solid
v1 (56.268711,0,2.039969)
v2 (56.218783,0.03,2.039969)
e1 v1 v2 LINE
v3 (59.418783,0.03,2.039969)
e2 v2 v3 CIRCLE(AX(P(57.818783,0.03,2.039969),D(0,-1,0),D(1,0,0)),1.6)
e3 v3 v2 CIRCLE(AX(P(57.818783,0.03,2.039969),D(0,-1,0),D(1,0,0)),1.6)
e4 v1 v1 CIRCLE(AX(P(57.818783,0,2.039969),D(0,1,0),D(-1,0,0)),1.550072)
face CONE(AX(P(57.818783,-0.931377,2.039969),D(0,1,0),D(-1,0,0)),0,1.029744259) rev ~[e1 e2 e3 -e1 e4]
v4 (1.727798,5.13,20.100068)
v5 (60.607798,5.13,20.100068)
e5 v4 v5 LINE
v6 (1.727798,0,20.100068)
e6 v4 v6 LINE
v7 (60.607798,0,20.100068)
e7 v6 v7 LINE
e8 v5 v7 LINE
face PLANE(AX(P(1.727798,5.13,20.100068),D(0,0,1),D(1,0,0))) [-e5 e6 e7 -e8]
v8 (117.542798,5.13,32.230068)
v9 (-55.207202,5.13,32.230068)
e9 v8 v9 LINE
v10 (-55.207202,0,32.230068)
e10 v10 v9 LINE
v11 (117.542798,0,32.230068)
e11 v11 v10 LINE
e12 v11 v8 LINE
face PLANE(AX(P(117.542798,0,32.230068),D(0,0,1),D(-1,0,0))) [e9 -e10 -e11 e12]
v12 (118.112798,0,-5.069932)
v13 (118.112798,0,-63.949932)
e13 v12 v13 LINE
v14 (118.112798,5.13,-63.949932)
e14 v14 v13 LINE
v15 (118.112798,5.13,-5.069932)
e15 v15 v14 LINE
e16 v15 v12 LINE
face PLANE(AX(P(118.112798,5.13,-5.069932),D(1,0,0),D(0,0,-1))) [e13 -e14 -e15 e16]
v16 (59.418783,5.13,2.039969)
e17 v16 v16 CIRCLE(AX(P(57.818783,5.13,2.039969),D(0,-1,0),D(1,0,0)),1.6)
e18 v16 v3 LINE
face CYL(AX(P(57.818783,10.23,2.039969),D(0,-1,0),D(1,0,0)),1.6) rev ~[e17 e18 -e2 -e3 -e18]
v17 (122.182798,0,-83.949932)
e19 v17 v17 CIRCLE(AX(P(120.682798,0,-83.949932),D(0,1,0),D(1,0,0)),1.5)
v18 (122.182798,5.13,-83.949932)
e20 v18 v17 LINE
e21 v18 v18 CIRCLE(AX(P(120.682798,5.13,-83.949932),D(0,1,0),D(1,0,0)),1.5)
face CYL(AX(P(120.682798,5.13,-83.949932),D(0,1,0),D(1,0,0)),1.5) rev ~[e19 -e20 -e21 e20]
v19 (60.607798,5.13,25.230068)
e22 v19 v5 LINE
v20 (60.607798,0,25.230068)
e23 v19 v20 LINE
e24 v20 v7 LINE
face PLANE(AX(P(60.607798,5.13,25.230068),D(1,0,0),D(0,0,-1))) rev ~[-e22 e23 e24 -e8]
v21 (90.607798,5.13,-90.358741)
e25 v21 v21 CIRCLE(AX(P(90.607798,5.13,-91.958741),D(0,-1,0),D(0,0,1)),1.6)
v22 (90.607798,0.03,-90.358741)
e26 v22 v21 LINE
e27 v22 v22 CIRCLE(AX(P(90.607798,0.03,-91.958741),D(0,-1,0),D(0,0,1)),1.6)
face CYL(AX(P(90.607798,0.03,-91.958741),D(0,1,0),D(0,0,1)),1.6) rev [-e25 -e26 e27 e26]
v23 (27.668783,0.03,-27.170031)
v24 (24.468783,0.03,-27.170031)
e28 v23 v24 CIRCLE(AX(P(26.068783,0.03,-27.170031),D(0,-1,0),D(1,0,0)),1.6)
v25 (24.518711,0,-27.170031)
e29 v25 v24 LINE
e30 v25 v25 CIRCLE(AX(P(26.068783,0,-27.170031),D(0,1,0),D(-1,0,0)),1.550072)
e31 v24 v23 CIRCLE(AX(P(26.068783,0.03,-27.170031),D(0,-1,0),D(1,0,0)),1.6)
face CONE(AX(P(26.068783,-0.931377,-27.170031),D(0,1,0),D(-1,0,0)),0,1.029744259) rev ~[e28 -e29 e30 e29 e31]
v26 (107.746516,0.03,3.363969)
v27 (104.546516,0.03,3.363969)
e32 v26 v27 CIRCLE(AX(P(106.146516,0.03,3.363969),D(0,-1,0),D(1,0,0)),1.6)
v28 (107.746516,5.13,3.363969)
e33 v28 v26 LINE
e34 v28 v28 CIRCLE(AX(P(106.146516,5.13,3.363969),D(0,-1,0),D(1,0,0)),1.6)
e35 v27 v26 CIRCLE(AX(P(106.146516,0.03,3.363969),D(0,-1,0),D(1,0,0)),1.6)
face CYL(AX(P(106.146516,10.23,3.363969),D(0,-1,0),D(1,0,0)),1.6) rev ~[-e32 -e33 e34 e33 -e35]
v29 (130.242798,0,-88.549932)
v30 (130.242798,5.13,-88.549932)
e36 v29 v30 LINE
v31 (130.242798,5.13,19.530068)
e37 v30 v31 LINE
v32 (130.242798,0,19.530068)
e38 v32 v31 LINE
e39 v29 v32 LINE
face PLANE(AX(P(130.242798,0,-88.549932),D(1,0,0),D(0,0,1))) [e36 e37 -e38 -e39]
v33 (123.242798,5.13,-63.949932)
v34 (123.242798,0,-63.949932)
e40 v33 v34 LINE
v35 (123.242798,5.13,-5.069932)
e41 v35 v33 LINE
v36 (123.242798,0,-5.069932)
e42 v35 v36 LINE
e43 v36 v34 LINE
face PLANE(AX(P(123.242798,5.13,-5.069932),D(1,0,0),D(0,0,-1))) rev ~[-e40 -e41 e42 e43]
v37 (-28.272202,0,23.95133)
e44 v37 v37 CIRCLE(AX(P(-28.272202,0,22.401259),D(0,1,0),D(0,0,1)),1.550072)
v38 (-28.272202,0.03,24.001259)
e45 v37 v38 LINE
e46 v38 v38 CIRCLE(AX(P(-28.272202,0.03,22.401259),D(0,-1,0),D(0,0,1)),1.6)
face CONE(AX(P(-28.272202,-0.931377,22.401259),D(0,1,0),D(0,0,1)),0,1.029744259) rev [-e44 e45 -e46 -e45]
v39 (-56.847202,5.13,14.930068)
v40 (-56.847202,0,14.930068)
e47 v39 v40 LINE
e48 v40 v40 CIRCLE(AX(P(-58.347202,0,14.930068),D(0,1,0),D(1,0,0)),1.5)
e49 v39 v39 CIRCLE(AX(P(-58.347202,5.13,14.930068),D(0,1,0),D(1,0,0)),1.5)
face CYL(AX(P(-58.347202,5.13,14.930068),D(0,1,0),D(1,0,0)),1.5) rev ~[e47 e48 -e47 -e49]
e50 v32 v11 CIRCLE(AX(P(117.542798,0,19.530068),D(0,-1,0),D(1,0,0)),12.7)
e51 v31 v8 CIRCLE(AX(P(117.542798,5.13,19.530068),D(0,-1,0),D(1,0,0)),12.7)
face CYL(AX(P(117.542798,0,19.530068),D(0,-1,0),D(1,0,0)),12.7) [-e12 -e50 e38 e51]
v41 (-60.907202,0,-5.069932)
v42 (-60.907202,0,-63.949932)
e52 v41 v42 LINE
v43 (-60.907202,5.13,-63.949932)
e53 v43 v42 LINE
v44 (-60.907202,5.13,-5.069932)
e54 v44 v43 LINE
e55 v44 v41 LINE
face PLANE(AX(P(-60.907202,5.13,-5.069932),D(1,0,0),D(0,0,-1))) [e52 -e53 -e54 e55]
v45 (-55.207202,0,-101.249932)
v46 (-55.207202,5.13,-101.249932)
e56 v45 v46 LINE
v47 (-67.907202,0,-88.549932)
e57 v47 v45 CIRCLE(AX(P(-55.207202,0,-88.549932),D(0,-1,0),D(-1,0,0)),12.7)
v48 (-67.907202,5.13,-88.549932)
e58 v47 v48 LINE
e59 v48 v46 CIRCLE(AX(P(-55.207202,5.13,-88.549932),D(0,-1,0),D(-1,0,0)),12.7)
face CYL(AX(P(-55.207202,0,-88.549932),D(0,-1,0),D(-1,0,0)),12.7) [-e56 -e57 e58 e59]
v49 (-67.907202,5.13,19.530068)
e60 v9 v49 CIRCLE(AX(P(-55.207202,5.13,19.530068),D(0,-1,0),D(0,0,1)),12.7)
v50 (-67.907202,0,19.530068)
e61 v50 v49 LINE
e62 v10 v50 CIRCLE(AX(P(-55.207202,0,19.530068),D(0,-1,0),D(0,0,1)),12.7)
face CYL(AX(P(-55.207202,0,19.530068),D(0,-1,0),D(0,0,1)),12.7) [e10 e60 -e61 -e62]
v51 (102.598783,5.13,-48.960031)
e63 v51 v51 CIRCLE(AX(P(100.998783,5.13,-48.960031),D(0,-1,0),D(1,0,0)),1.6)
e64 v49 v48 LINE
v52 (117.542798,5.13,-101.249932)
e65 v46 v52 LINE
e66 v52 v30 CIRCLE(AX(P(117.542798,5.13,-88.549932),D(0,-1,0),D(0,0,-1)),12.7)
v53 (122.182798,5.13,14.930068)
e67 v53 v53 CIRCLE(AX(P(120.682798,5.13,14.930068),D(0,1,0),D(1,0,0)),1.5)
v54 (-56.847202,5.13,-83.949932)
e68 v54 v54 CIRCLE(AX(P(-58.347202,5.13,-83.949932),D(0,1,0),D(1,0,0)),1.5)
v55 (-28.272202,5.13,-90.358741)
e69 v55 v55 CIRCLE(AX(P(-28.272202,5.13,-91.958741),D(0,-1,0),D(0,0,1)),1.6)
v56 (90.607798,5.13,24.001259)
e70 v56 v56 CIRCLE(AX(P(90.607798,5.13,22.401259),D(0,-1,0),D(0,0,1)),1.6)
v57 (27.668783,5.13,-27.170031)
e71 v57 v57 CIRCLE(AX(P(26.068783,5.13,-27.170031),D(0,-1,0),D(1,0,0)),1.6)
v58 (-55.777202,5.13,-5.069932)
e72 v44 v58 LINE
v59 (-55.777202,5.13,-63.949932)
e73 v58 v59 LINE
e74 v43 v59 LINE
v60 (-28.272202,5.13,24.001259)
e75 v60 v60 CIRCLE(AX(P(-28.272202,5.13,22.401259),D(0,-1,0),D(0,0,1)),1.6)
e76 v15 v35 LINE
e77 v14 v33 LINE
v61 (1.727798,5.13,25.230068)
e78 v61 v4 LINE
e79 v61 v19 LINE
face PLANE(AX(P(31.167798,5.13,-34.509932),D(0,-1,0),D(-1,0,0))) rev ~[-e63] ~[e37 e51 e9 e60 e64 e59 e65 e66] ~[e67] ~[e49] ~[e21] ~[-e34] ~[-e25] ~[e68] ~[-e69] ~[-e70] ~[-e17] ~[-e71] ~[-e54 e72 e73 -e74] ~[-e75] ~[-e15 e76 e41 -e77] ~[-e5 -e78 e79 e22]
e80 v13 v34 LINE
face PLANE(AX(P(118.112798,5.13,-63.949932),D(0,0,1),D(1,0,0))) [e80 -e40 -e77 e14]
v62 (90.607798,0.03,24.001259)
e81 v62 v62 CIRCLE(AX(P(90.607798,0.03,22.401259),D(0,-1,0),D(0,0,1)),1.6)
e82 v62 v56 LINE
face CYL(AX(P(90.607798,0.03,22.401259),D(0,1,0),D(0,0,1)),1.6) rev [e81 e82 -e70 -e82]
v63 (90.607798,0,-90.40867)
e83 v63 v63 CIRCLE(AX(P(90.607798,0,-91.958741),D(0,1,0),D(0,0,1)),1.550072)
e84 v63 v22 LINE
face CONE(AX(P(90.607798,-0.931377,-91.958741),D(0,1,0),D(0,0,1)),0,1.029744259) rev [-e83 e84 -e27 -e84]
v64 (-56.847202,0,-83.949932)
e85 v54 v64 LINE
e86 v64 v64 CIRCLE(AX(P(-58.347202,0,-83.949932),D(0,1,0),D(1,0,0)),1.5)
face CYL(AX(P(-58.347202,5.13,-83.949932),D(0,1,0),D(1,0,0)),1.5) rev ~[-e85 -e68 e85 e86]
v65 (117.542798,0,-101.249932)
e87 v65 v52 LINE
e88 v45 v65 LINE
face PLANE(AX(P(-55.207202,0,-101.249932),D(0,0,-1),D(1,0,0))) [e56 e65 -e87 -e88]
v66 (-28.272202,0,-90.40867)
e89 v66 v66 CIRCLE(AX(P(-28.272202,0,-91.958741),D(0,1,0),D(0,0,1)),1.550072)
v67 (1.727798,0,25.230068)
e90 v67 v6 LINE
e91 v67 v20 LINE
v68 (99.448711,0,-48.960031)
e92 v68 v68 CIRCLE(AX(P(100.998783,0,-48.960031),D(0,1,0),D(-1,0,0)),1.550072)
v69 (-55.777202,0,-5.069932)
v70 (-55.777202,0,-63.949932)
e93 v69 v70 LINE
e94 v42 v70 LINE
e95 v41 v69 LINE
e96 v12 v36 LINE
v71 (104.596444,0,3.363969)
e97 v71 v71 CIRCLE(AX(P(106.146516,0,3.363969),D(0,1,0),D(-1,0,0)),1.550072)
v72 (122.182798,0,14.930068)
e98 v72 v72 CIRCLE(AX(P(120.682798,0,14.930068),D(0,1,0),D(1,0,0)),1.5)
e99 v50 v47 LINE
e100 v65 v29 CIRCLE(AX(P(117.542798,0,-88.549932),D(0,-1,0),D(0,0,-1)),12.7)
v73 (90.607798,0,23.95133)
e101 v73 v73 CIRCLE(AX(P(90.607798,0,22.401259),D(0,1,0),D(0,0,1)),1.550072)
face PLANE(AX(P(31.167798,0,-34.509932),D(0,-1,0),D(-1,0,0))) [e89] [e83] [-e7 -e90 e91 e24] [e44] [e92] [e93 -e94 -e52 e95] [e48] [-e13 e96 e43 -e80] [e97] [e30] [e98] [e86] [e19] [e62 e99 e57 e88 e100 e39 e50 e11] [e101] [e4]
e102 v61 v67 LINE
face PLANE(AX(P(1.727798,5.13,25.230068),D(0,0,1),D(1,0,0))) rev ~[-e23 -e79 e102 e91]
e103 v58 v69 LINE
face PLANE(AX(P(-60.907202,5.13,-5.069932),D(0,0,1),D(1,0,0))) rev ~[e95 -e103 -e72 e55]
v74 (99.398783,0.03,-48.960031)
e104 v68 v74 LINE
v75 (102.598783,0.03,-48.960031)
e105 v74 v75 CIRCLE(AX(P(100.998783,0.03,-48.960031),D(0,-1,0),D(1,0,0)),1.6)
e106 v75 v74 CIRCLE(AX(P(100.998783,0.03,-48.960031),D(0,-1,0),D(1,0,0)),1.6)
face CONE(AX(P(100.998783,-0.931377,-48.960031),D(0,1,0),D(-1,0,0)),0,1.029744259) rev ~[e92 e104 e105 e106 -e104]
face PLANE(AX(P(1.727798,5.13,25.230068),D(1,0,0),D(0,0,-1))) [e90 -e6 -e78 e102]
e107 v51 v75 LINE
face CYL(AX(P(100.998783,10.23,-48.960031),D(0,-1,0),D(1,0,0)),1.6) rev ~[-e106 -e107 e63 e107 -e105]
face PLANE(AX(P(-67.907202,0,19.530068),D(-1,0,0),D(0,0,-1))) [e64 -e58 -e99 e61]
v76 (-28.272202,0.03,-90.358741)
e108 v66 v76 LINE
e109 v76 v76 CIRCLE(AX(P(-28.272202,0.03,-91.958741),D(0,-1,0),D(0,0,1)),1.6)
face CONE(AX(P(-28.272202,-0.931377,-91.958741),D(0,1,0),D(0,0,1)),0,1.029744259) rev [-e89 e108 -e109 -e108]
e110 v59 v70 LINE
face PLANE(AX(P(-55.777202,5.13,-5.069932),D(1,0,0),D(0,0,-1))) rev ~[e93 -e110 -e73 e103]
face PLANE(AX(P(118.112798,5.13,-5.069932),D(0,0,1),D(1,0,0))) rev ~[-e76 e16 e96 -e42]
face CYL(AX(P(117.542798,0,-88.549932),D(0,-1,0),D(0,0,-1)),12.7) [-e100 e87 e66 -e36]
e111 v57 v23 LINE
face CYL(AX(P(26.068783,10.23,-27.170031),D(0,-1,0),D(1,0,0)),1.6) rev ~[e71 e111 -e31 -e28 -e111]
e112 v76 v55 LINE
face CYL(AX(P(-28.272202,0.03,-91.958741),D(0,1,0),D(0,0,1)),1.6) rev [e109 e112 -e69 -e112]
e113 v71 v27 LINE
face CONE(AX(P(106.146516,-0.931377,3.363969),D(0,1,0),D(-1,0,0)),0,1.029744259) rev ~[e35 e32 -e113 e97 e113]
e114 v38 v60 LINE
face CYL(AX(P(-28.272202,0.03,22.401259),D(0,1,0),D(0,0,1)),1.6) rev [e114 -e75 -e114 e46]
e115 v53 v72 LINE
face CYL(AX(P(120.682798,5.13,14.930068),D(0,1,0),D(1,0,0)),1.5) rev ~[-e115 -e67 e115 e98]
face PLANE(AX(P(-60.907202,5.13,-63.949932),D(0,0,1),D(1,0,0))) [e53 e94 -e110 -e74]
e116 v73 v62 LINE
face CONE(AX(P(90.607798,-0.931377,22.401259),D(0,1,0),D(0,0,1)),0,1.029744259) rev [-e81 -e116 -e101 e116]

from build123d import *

# Parameters (mm, degrees)
MAIN_DEPTH               = 5.13
SKETCH2_R                = 1.5
SKETCH2_W                = 5.13
SKETCH2_H                = 58.88
CUT_EXTRUDE1_DEPTH       = 5.13
TOOTH_SLOT_REACH         = 7.13
SKETCH3_W                = 58.88
SKETCH3_H                = 5.13
LPATTERN1_COUNT          = 2
LPATTERN1_PITCH          = 118.88
LPATTERN1_COUNT_DIR2     = 2
LPATTERN1_PITCH_DIR2     = 114.36
M3_CLEARANCE_HOLE4_D     = 3.2
M3_CLEARANCE_HOLE4_DEPTH = 5.1
M3_CLEARANCE_HOLE4_TIP   = 0.96137699


with BuildPart() as part:
    # Sketch1 → Main (new body)
    with BuildSketch(Plane(origin=(0, 0, 0), x_dir=(1, 0, 0), z_dir=(0, 1, 0))):
        with BuildLine():
            Line((-55.207201859, 101.249932113), (117.542798141, 101.249932113))
            ThreePointArc((117.542798141, 101.249932113), (126.523054262, 97.530188234), (130.242798141, 88.549932113))
            Line((130.242798141, 88.549932113), (130.242798141, -19.530067887))
            ThreePointArc((130.242798141, -19.530067887), (126.523054262, -28.510324008), (117.542798141, -32.230067887))
            Line((117.542798141, -32.230067887), (-55.207201859, -32.230067887))
            ThreePointArc((-55.207201859, -32.230067887), (-64.18745798, -28.510324008), (-67.907201859, -19.530067887))
            Line((-67.907201859, -19.530067887), (-67.907201859, 88.549932113))
            ThreePointArc((-67.907201859, 88.549932113), (-64.18745798, 97.530188234), (-55.207201859, 101.249932113))
        make_face()
    extrude(amount=MAIN_DEPTH)

    # Sketch2 → Cut-Extrude1 (cut)
    with BuildSketch(Plane(origin=(0, 5.13, 0), x_dir=(1, 0, 0), z_dir=(0, 1, 0))):
        with Locations((-58.347201859, -14.930067887)):
            Circle(SKETCH2_R)
        with Locations((-58.347201859, 83.949932113)):
            Circle(SKETCH2_R)
        with Locations((120.682798141, 83.949932113)):
            Circle(SKETCH2_R)
        with Locations((120.682798141, -14.930067887)):
            Circle(SKETCH2_R)
        with Locations((-58.342201859, 34.509932113)):
            Rectangle(SKETCH2_W, SKETCH2_H)
        with Locations((120.677798141, 34.509932113)):
            Rectangle(SKETCH2_W, SKETCH2_H)
    extrude(amount=-CUT_EXTRUDE1_DEPTH, mode=Mode.SUBTRACT)

    # Sketch3 → tooth slot (cut, up to next)
    with BuildSketch(Plane(origin=(0, 5.13, 0), x_dir=(1, 0, 0), z_dir=(0, 1, 0)), mode=Mode.PRIVATE) as tooth_slot_sk1:
        with Locations((31.167798141, -22.665067887)):
            Rectangle(SKETCH3_W, SKETCH3_H)
    tooth_slot_tool1 = extrude(tooth_slot_sk1.sketch, amount=-TOOTH_SLOT_REACH, mode=Mode.PRIVATE) & part.part
    add(tooth_slot_tool1.solids().sort_by_distance((31.167798, 5.13, 22.665068))[0], mode=Mode.SUBTRACT)

    # Sketch4 → M3 Clearance Hole1 (revolve, cut)
    with BuildSketch(Plane(origin=(-28.272201859, 5.13, 22.401258672), x_dir=(0, 0, 1), z_dir=(1, 0, 0))):
        Polygon((0, 0), (0, 6.06137699), (1.6, 5.1), (1.6, 0), align=None)
    m3_clearance_hole1 = revolve(axis=Axis((-28.272201859, 11.48, 22.401258672), (0, -1, 0)), mode=Mode.SUBTRACT)

    # LPattern1: M3 Clearance Hole1 2 × 2
    with Locations(*[(i * LPATTERN1_PITCH, 0, -j * LPATTERN1_PITCH_DIR2) for i in range(LPATTERN1_COUNT) for j in range(LPATTERN1_COUNT_DIR2) if (i, j) != (0, 0)]):
        add(m3_clearance_hole1, mode=Mode.SUBTRACT)

    # M3 Clearance Hole4
    with Locations(Plane(origin=(0, 5.13, 0), x_dir=(-1, 0, 0), z_dir=(0, 1, 0))):
        with Locations((-100.998782657, -48.960031461), (-106.146516037, 3.363968539), (-57.818782657, 2.039968539), (-26.068782657, -27.170031461)):
            Hole(M3_CLEARANCE_HOLE4_D / 2, depth=M3_CLEARANCE_HOLE4_DEPTH)
            with Locations((0, 0, -(M3_CLEARANCE_HOLE4_DEPTH + M3_CLEARANCE_HOLE4_TIP / 2))):  # 118° drill point
                Cone(0, M3_CLEARANCE_HOLE4_D / 2, M3_CLEARANCE_HOLE4_TIP, mode=Mode.SUBTRACT)


solid = part.part
